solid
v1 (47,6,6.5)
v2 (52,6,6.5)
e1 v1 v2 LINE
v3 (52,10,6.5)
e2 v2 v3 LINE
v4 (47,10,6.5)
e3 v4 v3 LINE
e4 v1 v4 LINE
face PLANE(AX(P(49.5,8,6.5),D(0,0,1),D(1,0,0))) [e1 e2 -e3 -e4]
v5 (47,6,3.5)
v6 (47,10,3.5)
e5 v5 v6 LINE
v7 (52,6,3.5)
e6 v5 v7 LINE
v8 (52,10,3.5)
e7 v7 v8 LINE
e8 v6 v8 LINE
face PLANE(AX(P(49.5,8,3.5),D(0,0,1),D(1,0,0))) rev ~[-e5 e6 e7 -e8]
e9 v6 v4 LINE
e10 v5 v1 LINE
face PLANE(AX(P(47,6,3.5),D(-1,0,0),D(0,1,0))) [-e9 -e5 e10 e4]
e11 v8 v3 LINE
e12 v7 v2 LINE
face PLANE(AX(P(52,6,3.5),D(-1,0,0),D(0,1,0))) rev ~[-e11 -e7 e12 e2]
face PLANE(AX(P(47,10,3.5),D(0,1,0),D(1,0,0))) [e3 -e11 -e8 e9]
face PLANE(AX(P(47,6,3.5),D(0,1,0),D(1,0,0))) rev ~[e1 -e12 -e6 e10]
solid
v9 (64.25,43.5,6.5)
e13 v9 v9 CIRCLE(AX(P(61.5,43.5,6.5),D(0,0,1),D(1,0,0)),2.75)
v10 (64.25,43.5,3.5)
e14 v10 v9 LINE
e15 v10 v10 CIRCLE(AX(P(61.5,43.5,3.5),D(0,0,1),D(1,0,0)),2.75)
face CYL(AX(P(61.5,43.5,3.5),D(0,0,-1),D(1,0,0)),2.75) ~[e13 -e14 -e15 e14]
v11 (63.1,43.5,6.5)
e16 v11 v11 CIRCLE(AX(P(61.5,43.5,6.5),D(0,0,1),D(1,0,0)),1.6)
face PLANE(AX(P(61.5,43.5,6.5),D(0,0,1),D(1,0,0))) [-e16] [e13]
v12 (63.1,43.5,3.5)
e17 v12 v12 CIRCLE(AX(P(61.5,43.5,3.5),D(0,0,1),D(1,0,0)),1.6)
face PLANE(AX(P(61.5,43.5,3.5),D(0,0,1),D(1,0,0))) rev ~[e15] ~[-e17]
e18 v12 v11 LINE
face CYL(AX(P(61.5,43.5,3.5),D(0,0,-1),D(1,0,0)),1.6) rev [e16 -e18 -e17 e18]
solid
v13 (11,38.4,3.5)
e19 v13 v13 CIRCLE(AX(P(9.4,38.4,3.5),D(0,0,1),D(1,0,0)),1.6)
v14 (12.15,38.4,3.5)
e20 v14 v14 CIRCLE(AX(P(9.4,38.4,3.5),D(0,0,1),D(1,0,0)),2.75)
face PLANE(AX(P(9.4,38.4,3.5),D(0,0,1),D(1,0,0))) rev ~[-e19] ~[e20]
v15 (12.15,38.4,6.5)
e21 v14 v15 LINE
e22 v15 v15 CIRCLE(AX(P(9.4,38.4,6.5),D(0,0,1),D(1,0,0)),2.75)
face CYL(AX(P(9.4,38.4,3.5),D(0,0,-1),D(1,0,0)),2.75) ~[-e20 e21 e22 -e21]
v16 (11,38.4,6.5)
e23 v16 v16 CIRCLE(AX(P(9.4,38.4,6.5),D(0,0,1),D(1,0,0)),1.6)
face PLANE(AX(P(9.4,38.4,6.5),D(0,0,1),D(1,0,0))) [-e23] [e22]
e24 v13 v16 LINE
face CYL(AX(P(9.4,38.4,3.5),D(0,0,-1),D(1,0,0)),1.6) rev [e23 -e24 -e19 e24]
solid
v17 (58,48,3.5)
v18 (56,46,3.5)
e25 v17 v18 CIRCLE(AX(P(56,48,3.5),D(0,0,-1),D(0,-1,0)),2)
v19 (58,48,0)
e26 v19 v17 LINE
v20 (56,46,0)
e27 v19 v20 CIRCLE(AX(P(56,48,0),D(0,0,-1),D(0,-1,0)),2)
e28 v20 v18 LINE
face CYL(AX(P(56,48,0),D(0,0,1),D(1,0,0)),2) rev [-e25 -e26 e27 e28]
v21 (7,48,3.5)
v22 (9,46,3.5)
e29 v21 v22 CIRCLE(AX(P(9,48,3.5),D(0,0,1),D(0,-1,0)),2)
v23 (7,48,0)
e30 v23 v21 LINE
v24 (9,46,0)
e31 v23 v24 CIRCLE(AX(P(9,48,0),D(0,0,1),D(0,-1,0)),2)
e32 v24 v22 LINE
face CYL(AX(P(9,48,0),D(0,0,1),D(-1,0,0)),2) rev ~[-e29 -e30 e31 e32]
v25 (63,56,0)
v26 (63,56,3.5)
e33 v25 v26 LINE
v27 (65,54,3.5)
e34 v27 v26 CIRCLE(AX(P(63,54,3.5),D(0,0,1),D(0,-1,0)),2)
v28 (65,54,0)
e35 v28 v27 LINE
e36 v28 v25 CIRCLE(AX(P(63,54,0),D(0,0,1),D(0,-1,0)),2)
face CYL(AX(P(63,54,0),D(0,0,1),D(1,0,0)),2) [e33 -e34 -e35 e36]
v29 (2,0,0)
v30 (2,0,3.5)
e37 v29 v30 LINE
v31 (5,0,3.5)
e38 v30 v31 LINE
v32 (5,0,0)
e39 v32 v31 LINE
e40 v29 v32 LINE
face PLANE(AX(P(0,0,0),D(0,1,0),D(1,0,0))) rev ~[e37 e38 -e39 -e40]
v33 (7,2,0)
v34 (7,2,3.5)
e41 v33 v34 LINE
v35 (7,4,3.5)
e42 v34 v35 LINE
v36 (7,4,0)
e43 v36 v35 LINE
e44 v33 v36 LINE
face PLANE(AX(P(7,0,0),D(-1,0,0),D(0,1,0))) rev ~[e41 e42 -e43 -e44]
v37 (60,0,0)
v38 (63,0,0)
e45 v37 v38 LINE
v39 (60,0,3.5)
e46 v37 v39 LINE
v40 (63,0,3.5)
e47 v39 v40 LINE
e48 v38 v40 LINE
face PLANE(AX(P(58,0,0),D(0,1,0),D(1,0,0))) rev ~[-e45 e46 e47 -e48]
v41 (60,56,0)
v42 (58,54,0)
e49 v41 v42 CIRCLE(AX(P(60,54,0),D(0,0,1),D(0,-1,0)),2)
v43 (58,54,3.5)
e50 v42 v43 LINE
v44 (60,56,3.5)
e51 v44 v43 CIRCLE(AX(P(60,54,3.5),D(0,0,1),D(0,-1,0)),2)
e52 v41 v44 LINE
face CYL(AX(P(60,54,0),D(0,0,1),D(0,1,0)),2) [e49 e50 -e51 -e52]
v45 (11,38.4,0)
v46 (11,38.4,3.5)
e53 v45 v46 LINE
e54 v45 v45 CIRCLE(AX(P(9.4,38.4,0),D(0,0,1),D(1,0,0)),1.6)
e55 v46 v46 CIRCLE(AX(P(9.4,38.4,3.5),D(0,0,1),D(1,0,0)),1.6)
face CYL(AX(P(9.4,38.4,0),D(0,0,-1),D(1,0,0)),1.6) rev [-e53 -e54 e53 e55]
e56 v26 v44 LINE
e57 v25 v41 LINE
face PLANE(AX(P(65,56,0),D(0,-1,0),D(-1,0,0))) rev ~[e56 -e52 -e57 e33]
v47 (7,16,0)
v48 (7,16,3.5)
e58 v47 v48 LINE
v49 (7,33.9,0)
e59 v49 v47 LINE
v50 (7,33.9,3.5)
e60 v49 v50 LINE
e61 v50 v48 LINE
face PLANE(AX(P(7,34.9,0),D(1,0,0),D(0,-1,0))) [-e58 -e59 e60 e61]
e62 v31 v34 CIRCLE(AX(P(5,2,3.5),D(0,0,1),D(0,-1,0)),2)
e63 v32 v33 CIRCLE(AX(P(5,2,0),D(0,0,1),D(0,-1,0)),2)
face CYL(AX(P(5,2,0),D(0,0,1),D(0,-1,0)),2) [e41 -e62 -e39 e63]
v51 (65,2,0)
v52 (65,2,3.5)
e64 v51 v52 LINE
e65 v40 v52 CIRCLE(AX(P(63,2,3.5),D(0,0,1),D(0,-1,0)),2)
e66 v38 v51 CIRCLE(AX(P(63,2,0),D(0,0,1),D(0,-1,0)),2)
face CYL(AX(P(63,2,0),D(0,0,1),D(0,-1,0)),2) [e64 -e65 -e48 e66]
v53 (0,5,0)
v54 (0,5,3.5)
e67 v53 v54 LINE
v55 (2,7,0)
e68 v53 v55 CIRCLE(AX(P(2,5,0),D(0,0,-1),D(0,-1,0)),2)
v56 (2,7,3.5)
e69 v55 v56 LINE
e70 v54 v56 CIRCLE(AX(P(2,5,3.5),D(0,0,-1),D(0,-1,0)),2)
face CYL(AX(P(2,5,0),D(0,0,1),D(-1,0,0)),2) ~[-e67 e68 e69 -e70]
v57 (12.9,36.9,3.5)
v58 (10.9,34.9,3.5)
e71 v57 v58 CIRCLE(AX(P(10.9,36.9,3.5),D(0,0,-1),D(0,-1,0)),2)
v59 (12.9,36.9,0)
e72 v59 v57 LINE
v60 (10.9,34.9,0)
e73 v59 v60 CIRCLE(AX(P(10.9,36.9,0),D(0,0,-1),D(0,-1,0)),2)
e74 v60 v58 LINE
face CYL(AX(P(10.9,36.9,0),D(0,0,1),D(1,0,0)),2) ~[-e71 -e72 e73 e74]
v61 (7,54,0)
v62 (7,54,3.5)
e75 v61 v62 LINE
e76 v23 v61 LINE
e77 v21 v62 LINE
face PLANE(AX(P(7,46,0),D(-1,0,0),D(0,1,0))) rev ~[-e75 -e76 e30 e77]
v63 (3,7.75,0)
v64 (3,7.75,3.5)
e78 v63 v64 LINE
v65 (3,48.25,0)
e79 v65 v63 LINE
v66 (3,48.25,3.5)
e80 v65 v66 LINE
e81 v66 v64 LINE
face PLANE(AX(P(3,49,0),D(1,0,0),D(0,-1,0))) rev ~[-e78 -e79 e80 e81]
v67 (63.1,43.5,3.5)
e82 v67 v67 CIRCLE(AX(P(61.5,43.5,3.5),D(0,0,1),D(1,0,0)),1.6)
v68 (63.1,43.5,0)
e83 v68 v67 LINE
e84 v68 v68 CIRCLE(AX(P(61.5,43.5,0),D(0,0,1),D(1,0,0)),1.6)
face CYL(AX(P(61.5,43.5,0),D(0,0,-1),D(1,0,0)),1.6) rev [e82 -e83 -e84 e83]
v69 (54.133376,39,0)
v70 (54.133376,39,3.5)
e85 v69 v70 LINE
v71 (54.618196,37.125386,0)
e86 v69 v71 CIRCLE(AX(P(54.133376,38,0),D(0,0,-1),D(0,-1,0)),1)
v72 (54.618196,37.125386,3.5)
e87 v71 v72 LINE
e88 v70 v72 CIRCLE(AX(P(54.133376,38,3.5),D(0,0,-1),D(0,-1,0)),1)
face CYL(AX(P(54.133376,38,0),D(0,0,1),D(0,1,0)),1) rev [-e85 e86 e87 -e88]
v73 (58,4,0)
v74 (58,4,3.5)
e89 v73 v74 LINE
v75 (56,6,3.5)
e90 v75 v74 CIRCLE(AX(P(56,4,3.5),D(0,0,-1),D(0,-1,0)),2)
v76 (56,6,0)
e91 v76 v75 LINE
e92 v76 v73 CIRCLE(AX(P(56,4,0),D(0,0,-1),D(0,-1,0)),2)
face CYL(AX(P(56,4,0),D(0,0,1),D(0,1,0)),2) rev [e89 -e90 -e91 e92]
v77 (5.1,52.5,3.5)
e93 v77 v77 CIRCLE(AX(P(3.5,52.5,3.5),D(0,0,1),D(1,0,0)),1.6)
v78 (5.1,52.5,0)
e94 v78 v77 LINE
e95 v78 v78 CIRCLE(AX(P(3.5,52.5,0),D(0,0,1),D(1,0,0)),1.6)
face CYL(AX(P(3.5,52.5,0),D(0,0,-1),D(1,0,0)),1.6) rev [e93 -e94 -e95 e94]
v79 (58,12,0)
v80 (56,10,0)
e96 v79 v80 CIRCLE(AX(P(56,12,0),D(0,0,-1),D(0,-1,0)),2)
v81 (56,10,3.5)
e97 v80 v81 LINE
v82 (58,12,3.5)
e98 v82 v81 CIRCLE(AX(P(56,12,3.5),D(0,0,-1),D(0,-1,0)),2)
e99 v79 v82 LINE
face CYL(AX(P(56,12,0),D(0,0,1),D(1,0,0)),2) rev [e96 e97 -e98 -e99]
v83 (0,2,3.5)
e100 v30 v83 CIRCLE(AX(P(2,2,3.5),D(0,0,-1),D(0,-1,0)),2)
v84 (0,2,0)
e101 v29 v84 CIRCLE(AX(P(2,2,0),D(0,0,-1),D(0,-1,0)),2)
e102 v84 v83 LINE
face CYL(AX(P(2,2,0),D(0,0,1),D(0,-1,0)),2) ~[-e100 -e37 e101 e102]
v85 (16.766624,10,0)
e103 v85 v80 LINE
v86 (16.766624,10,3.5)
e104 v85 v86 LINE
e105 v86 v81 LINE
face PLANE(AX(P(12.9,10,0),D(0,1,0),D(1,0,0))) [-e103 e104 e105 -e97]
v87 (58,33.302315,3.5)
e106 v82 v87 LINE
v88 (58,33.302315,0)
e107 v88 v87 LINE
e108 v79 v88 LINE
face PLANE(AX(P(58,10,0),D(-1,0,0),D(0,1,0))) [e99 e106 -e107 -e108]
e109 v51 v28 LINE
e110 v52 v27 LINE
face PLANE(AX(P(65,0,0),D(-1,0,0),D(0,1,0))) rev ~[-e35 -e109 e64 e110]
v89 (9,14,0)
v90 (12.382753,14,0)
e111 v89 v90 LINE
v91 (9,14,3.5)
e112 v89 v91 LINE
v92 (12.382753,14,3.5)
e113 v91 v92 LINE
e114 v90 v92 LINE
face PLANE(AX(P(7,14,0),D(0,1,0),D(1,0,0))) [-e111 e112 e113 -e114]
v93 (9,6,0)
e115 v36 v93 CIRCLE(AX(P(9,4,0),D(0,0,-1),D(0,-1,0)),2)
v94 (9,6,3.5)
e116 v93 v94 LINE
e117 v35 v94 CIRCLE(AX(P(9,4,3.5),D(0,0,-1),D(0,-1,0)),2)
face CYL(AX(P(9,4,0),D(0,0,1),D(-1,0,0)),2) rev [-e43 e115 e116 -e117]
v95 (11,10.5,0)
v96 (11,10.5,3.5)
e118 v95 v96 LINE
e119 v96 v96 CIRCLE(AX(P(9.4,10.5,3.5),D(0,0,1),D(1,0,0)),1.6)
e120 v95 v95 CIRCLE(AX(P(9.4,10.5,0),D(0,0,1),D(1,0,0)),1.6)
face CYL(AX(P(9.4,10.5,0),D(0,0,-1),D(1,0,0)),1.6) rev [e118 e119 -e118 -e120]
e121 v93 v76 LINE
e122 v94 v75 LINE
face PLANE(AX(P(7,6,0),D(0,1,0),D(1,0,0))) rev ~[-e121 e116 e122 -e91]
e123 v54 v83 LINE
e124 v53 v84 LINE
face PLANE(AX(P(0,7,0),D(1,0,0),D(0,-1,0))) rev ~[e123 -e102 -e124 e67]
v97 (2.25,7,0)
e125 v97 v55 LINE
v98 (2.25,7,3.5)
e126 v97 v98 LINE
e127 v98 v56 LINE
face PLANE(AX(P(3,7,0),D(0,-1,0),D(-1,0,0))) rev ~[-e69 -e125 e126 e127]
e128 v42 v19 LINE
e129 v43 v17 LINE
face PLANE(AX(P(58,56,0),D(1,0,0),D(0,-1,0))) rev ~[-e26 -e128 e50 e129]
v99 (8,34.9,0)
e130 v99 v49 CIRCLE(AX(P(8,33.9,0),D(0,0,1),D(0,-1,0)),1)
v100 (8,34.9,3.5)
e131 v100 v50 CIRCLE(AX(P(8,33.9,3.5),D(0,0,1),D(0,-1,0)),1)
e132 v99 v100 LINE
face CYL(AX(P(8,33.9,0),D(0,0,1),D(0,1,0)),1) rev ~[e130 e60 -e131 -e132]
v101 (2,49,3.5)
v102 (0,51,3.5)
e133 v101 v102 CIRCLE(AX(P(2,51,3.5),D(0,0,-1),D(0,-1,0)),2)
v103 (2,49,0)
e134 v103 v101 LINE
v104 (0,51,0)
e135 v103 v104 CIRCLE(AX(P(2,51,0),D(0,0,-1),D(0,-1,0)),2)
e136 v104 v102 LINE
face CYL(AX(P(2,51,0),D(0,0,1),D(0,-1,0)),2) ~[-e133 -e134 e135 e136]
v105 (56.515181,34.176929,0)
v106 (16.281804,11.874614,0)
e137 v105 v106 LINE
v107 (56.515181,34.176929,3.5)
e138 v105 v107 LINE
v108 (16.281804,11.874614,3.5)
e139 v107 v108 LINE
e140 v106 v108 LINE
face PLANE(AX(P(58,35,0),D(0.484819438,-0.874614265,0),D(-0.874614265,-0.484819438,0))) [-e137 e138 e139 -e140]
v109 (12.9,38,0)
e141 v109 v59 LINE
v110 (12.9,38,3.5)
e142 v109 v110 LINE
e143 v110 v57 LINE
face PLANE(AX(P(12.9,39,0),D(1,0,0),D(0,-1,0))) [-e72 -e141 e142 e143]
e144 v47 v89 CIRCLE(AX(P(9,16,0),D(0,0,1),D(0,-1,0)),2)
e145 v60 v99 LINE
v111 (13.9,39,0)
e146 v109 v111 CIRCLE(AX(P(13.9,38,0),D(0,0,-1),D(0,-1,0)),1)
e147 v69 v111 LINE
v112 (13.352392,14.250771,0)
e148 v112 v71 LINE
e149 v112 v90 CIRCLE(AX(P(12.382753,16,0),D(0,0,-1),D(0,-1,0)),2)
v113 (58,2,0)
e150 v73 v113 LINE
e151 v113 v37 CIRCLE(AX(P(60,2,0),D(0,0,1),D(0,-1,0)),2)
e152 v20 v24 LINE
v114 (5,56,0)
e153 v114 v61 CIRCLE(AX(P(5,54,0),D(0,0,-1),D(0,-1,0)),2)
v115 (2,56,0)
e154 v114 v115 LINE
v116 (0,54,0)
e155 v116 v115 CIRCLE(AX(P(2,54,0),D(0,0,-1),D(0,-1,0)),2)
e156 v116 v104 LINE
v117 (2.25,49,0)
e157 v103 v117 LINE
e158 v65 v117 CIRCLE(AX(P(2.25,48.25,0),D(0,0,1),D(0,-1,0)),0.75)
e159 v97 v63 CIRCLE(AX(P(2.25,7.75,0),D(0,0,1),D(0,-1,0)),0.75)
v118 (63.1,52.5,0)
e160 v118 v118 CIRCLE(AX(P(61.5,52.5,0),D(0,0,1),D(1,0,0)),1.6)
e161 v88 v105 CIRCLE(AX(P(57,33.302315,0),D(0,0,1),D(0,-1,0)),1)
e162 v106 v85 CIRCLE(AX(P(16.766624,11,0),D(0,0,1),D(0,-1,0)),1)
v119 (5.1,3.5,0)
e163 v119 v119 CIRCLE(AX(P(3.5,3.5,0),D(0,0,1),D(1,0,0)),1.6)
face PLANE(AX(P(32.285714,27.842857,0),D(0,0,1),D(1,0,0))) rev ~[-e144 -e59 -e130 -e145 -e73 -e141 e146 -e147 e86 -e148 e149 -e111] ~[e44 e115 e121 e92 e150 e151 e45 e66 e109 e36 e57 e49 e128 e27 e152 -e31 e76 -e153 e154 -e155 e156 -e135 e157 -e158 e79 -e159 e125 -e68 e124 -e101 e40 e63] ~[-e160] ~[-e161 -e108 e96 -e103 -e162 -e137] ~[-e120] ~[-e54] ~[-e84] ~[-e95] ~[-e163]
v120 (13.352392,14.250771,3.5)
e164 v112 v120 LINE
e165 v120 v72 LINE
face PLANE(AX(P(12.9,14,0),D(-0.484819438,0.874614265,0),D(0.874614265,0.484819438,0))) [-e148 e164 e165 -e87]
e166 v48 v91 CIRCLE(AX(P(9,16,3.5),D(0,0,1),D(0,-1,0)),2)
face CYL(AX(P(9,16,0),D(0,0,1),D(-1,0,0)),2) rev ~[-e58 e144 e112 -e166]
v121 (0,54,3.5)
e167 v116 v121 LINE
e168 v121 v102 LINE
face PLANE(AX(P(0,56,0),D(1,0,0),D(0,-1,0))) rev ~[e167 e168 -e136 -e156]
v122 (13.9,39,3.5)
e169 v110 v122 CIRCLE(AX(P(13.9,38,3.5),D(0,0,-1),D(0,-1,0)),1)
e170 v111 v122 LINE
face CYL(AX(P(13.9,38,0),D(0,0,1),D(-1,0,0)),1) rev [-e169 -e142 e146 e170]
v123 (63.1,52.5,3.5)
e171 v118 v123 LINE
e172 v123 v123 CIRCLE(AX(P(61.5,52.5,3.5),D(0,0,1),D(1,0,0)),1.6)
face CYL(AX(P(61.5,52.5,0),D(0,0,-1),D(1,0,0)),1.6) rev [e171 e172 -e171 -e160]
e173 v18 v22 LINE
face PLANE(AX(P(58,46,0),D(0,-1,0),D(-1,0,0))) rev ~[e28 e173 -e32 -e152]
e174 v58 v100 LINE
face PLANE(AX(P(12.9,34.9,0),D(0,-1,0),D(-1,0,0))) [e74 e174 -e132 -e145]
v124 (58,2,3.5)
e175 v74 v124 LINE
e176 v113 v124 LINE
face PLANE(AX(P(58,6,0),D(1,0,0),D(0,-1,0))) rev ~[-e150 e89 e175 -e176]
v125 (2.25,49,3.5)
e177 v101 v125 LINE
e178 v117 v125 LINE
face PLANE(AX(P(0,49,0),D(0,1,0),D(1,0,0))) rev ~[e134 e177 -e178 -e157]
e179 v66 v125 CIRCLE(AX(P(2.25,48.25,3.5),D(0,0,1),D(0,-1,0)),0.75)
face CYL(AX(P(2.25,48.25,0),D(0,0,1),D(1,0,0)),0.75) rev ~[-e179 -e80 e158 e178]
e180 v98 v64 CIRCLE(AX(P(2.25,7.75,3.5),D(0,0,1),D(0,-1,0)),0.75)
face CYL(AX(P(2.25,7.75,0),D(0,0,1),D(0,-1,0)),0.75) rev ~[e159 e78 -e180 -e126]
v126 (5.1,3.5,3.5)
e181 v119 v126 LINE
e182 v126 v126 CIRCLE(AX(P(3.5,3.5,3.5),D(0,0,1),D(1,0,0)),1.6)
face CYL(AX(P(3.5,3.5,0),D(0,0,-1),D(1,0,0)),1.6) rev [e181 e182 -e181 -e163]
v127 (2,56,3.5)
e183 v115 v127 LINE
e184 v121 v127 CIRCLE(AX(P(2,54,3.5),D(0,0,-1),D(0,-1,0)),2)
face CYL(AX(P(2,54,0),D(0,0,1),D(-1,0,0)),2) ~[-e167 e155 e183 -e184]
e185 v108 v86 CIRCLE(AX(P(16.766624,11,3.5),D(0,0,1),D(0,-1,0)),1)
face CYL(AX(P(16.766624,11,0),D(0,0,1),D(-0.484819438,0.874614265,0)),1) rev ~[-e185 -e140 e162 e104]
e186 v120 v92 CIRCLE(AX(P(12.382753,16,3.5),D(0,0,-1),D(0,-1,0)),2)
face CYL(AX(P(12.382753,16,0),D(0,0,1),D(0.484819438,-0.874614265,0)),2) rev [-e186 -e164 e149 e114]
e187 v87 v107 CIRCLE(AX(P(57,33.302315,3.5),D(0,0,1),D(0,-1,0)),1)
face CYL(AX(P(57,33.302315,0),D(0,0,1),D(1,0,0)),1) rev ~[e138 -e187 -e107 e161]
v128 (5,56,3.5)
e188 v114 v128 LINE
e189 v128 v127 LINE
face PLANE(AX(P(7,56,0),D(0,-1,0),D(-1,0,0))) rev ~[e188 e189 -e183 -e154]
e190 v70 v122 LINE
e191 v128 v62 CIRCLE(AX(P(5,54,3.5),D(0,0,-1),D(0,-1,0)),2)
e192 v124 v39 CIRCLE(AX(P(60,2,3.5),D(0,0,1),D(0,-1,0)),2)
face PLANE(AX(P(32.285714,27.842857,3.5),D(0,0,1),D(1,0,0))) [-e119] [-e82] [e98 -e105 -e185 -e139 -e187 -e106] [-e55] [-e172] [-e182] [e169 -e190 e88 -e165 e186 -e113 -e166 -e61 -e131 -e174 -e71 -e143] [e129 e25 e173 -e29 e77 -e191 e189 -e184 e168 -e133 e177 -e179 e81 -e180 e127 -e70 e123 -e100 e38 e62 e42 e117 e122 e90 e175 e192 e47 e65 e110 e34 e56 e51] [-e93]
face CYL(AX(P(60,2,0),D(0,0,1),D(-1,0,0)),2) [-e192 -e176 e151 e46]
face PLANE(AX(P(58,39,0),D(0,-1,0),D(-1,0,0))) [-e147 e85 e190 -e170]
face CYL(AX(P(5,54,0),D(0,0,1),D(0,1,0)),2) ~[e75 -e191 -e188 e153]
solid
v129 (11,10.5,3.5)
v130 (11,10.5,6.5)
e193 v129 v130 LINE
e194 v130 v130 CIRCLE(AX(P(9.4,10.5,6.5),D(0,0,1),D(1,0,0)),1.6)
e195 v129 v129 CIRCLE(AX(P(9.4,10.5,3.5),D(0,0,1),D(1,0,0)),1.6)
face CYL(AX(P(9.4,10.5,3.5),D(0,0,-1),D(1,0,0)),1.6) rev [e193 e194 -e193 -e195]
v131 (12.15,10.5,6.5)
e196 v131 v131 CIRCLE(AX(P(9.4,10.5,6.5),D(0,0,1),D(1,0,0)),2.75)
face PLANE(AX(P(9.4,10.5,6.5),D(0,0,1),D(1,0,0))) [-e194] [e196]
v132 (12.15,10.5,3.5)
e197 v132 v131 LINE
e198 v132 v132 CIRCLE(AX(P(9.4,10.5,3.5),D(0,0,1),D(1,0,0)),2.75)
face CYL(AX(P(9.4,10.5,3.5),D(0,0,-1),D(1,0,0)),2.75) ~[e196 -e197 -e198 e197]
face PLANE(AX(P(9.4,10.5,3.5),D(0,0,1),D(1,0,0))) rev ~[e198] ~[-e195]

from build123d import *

# Parameters (mm, degrees)
SKETCH_R         = 1.6
EXTRUDE_DEPTH    = 3.5
FILLET_1_R       = 2
FILLET_2_R       = 1
FILLET_3_R       = 0.75
SKETCH001_R      = 2.75
SKETCH001_R_2    = 1.6
SKETCH001_W      = 5
SKETCH001_H      = 4
EXTRUDE001_DEPTH = 3


with BuildPart() as fillet_body:
    # Sketch → Extrude (new body)
    with BuildSketch(Plane.XY):
        Polygon((0, 0), (7, 0), (7, 6), (58, 6), (58, 0), (65, 0), (65, 56), (58, 56), (58, 46), (7, 46), (7, 56), (0, 56), (0, 49), (3, 49), (3, 7), (0, 7), align=None)
        with Locations((3.5, 3.5)):
            Circle(SKETCH_R, mode=Mode.SUBTRACT)
        with Locations((3.5, 52.5)):
            Circle(SKETCH_R, mode=Mode.SUBTRACT)
        with Locations((61.5, 52.5)):
            Circle(SKETCH_R, mode=Mode.SUBTRACT)
        with Locations((61.5, 43.5)):
            Circle(SKETCH_R, mode=Mode.SUBTRACT)
        with Locations((9.4, 38.4)):
            Circle(SKETCH_R, mode=Mode.SUBTRACT)
        with Locations((9.4, 10.5)):
            Circle(SKETCH_R, mode=Mode.SUBTRACT)
        Polygon((12.9, 39), (12.9, 34.9), (7, 34.9), (7, 14), (12.9, 14), (58, 39), align=None, mode=Mode.SUBTRACT)
        Polygon((58, 10), (58, 35), (12.9, 10), align=None, mode=Mode.SUBTRACT)
    extrude(amount=EXTRUDE_DEPTH)

    # Fillet 1
    fillet_1_edges = [fillet_body.edges().sort_by_distance(p)[0] for p in [
        (58, 0, 1.75),
        (65, 0, 1.75),
        (65, 56, 1.75),
        (58, 56, 1.75),
        (58, 46, 1.75),
        (7, 46, 1.75),
        (7, 56, 1.75),
        (0, 56, 1.75),
        (0, 49, 1.75),
        (0, 7, 1.75),
        (0, 0, 1.75),
        (7, 0, 1.75),
        (7, 6, 1.75),
        (58, 6, 1.75),
        (12.9, 14, 1.75),
        (7, 14, 1.75),
        (12.9, 34.9, 1.75),
        (58, 10, 1.75),
    ]]
    fillet(fillet_1_edges, radius=FILLET_1_R)

    # Fillet 2
    fillet_2_edges = [fillet_body.edges().sort_by_distance(p)[0] for p in [
        (58, 39, 1.75),
        (12.9, 39, 1.75),
        (7, 34.9, 1.75),
        (58, 35, 1.75),
        (12.9, 10, 1.75),
    ]]
    fillet(fillet_2_edges, radius=FILLET_2_R)

    # Fillet 3
    fillet_3_edges = [fillet_body.edges().sort_by_distance(p)[0] for p in [
        (3, 49, 1.75),
        (3, 7, 1.75),
    ]]
    fillet(fillet_3_edges, radius=FILLET_3_R)


with BuildPart() as extrude001:
    # Sketch001 (on Face5 of Fillet) → Extrude001 (new body)
    with BuildSketch(Plane.XY.offset(3.5)):
        with Locations((9.4, 38.4)):
            Circle(SKETCH001_R)
        with Locations((9.4, 38.4)):
            Circle(SKETCH001_R_2, mode=Mode.SUBTRACT)
        with Locations((61.5, 43.5)):
            Circle(SKETCH001_R)
        with Locations((61.5, 43.5)):
            Circle(SKETCH001_R_2, mode=Mode.SUBTRACT)
        with Locations((9.4, 10.5)):
            Circle(SKETCH001_R)
        with Locations((9.4, 10.5)):
            Circle(SKETCH001_R_2, mode=Mode.SUBTRACT)
        with Locations((49.5, 8)):
            Rectangle(SKETCH001_W, SKETCH001_H)
    extrude(amount=EXTRUDE001_DEPTH)


solid = Compound([fillet_body.part, extrude001.part])
